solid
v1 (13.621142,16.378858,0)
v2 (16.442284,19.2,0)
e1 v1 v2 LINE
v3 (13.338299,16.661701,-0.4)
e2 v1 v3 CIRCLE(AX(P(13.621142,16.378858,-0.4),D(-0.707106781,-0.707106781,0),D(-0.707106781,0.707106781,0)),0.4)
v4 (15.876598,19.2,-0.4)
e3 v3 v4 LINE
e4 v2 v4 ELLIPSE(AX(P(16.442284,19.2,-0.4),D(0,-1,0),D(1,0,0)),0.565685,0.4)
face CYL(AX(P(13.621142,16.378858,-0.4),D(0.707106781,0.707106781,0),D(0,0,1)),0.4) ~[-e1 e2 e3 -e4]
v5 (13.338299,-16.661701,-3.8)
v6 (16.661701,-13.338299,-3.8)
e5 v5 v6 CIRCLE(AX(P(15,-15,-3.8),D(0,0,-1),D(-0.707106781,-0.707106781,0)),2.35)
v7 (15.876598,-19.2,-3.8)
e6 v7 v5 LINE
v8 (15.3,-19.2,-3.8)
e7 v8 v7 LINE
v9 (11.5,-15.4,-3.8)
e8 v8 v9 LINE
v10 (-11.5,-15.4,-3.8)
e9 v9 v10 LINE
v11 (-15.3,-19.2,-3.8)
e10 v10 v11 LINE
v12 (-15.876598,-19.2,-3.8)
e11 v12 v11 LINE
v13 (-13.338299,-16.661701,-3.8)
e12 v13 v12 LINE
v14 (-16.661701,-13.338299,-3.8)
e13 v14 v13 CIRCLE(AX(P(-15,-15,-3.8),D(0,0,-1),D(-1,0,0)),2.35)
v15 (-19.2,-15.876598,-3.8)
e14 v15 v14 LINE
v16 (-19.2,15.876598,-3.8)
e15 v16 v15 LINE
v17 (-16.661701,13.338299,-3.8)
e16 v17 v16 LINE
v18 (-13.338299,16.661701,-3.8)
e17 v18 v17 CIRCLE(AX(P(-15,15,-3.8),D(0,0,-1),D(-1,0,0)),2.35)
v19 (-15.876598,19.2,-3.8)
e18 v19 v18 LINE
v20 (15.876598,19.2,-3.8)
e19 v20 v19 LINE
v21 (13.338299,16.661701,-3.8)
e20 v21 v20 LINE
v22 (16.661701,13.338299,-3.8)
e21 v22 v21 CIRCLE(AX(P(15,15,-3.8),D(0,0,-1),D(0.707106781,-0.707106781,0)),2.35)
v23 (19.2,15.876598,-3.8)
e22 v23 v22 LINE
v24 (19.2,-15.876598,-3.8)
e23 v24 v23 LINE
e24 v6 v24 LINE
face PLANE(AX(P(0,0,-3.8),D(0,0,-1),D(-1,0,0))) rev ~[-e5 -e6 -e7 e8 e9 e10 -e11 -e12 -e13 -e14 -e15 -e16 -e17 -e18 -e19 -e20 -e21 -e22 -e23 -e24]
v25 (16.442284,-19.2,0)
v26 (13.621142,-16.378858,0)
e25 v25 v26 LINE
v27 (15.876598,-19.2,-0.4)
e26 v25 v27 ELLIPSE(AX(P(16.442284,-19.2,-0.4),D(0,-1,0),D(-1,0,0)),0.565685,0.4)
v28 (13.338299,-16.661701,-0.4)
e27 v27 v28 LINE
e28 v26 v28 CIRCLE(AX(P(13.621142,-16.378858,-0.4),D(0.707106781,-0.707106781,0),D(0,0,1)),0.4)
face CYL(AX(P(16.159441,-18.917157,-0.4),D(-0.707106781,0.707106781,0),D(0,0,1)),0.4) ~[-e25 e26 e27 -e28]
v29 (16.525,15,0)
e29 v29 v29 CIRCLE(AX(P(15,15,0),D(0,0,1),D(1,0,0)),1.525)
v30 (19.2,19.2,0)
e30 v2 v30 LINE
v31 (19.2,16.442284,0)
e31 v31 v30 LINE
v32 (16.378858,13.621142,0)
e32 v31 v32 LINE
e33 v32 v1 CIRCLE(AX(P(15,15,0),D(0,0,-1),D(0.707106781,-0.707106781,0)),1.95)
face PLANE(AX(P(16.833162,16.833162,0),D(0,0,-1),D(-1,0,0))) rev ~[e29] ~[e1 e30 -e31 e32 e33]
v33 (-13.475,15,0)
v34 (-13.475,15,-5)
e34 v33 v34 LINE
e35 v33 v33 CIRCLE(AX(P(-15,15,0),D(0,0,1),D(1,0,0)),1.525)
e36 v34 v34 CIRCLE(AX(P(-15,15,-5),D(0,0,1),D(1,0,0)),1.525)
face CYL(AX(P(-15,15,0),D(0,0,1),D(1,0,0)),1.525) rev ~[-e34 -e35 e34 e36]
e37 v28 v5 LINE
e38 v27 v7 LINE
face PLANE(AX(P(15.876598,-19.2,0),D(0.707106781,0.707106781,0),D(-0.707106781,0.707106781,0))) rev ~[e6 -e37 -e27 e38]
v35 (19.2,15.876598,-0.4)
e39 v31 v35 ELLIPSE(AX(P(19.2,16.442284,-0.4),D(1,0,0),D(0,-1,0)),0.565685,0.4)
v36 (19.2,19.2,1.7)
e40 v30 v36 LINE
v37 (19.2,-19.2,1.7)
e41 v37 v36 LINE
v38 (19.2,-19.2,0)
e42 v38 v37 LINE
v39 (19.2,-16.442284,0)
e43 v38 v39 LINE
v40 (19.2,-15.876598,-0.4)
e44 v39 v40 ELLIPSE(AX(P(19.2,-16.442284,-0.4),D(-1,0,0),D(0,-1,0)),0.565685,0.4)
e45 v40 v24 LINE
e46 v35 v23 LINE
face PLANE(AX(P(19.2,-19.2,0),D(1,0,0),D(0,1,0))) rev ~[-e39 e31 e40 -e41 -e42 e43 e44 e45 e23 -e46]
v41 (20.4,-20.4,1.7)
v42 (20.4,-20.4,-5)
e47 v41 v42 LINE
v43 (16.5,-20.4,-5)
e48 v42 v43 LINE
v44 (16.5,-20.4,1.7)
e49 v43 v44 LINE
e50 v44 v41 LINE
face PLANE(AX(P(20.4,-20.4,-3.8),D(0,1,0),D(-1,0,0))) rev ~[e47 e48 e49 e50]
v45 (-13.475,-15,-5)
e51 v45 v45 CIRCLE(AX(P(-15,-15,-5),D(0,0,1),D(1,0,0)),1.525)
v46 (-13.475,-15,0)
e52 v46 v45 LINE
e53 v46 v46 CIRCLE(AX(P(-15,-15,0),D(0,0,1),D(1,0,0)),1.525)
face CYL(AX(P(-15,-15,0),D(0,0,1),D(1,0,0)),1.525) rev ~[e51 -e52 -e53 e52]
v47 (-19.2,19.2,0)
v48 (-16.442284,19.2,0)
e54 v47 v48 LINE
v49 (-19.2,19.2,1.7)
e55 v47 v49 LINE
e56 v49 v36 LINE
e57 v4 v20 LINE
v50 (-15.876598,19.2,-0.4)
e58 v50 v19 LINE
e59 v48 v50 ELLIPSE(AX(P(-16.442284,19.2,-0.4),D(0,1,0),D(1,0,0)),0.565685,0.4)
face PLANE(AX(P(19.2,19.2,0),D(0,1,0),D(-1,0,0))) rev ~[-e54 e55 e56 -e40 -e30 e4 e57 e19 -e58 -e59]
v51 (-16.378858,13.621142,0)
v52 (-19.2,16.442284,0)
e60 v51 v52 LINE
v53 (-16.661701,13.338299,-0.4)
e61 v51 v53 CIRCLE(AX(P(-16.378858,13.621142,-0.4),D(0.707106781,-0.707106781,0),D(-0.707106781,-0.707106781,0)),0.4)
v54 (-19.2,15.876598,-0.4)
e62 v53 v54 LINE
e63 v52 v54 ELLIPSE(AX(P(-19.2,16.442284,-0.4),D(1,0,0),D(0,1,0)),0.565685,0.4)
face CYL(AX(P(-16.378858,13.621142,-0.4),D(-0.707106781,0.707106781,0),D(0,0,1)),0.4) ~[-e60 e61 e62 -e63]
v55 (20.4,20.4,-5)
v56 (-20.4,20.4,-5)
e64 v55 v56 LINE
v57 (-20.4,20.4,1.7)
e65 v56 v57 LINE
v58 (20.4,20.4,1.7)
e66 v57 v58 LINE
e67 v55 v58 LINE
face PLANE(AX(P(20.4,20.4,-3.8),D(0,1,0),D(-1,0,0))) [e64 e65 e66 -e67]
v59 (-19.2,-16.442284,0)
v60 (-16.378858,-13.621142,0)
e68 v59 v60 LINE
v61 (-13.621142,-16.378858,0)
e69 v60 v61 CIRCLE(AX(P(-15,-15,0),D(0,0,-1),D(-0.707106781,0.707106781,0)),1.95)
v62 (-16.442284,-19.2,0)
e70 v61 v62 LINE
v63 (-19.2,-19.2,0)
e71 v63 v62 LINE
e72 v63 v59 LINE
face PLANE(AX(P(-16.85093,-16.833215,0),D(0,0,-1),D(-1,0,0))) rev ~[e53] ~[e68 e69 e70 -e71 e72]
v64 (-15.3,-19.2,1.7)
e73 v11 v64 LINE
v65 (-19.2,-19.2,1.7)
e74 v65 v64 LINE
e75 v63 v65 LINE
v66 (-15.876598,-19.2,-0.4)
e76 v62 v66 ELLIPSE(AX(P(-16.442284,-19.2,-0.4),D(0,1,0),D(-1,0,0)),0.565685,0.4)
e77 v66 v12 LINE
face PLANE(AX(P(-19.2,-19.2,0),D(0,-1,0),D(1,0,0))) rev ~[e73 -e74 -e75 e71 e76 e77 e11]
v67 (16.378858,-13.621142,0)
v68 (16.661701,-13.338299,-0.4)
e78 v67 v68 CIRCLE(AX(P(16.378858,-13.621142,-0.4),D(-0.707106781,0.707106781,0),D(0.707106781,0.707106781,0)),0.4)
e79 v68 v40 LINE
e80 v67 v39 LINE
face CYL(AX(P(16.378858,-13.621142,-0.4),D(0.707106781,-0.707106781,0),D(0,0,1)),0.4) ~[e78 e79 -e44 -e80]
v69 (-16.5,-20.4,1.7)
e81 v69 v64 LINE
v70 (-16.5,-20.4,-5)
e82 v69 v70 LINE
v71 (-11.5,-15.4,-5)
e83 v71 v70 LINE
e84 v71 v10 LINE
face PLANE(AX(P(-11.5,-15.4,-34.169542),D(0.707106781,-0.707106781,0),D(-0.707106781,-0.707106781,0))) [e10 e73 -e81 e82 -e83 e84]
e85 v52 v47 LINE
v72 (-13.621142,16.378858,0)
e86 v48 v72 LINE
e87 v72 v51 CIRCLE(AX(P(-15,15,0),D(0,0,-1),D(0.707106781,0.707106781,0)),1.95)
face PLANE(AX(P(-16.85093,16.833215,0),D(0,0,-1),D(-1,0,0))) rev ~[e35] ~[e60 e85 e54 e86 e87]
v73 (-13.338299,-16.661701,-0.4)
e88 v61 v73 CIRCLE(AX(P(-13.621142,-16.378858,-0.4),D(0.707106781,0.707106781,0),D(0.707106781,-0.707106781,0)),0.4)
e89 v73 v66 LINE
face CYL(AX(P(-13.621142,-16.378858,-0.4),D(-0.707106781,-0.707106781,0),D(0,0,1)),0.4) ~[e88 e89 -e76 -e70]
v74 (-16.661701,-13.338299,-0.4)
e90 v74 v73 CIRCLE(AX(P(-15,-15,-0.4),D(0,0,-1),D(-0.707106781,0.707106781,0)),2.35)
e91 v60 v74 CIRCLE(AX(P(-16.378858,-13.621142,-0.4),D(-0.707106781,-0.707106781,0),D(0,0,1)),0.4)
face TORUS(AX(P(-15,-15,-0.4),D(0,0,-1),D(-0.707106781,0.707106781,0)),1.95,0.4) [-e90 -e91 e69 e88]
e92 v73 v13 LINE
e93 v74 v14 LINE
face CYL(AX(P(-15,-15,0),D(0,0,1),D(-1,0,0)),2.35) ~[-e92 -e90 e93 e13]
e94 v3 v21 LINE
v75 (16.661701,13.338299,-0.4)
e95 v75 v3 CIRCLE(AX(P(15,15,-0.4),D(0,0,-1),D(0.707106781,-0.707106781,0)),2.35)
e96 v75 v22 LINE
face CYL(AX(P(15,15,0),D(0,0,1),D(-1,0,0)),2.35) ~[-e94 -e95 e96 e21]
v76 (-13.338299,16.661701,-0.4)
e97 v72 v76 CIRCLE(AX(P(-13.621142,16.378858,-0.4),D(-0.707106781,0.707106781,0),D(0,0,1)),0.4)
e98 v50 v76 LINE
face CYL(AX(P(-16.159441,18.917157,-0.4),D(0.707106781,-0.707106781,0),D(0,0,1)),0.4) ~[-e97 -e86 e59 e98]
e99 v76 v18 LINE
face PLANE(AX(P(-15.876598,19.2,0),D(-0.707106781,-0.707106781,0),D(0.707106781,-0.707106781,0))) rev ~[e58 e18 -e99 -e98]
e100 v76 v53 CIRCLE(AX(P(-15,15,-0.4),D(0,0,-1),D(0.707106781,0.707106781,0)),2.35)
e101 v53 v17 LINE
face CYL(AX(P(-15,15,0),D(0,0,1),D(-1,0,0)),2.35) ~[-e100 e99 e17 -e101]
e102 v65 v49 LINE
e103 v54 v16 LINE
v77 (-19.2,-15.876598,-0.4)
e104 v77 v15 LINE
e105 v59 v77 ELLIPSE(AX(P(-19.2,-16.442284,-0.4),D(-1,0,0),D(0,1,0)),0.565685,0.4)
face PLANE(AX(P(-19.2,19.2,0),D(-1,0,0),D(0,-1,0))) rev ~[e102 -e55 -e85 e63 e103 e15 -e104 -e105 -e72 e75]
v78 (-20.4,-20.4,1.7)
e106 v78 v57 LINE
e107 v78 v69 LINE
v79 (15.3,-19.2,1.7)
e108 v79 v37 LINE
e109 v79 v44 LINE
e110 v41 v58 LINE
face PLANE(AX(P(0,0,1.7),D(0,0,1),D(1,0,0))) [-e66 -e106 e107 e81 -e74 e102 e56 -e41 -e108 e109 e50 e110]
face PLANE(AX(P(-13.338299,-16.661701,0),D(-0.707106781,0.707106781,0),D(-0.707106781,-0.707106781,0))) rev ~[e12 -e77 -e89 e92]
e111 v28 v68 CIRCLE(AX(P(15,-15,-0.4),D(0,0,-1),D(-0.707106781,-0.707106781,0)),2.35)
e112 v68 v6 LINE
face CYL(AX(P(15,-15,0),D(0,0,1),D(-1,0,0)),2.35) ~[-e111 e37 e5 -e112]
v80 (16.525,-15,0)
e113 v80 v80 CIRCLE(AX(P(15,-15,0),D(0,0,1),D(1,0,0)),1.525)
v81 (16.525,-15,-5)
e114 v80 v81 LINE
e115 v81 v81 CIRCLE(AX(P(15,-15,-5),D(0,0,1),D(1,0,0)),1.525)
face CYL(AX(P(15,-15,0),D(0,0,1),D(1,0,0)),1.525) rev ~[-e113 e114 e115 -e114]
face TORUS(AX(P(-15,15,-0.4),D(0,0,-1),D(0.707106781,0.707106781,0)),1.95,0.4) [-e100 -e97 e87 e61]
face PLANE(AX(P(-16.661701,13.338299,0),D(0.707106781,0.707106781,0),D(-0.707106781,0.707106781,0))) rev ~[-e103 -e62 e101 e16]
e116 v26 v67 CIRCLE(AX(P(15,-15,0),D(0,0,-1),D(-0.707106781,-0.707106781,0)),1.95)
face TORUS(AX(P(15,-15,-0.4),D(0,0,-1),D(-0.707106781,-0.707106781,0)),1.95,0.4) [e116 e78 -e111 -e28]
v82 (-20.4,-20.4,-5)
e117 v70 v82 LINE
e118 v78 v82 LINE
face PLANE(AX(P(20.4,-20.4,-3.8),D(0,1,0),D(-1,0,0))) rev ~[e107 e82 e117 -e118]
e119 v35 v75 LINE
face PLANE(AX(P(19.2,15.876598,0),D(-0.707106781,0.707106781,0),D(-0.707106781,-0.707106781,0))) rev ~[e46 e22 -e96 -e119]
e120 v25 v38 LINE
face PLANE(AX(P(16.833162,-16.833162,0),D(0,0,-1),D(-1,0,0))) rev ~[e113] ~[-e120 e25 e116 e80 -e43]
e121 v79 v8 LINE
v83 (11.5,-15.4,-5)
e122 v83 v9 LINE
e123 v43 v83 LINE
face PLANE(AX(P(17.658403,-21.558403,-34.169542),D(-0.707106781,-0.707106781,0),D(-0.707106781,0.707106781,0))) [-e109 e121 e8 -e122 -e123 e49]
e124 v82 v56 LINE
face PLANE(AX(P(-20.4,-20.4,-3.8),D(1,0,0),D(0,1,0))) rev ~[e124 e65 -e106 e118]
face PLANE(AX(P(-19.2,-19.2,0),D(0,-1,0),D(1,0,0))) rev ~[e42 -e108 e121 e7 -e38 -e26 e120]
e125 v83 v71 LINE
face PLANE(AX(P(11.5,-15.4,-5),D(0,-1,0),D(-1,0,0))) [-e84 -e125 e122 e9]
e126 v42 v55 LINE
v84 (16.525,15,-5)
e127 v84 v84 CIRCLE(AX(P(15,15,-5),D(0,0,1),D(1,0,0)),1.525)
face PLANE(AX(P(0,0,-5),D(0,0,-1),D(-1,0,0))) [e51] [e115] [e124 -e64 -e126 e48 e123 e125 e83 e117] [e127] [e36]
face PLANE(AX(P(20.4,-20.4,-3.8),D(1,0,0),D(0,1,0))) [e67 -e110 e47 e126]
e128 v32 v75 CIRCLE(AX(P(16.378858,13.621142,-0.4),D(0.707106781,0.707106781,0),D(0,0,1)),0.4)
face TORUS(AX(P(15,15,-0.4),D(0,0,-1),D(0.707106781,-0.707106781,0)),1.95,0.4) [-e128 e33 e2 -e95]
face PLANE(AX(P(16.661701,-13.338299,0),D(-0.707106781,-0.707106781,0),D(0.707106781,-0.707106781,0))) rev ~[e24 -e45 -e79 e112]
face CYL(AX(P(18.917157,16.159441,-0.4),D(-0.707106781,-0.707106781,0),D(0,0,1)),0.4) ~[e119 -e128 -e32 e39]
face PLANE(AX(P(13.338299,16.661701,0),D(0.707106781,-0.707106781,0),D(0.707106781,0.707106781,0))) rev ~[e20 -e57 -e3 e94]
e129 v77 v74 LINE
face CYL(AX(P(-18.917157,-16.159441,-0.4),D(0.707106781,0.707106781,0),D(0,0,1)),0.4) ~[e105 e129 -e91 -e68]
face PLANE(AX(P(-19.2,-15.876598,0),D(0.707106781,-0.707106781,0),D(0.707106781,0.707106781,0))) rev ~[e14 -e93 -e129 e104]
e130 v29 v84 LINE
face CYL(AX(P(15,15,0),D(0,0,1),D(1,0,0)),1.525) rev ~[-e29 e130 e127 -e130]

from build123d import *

# Parameters (mm, degrees)
SKETCH1_W               = 40.8
SKETCH1_H               = 40.8
SKETCH1_W_2             = 38.4
SKETCH1_H_2             = 38.4
BOSS_EXTRUDE1_DEPTH     = 1.7
SKETCH2_W               = 40.8
SKETCH2_H               = 40.8
SKETCH2_R               = 2.35
BOSS_EXTRUDE2_DEPTH     = 3.8
SKETCH3_W               = 40.8
SKETCH3_H               = 40.8
BOSS_EXTRUDE3_DEPTH     = 1.2
SKETCH4_W               = 23
SKETCH4_H               = 10
CUT_EXTRUDE1_DEPTH      = 30.617731176
CUT_EXTRUDE2_DEPTH      = 30.369542046
CUT_EXTRUDE2_DEPTH_BACK = 30.369542046
SKETCH6_R               = 1.525
CUT_EXTRUDE3_DEPTH      = 30.280027322
FILLET1_R               = 0.4


with BuildPart() as part:
    # Sketch1 → Boss-Extrude1 (new body)
    with BuildSketch(Plane.XY):
        Rectangle(SKETCH1_W, SKETCH1_H)
        Rectangle(SKETCH1_W_2, SKETCH1_H_2, mode=Mode.SUBTRACT)
    extrude(amount=BOSS_EXTRUDE1_DEPTH)

    # Sketch2 → Boss-Extrude2 (add)
    # profile 1 of 9: a face of its own
    with BuildSketch(Plane(origin=(0, 0, 0), x_dir=(-1, 0, 0), z_dir=(0, 0, -1))):
        Rectangle(SKETCH2_W, SKETCH2_H)
        Polygon((-19.2, -15.876598128), (-19.2, 15.876598128), (-19.2, 19.2), (-15.876598128, 19.2), (15.876598128, 19.2), (19.2, 19.2), (19.2, 15.876598128), (19.2, -15.876598128), (19.2, -19.2), (15.876598128, -19.2), (-15.876598128, -19.2), (-19.2, -19.2), align=None, mode=Mode.SUBTRACT)
    # profile 2 of 9: a face of its own
    with BuildSketch(Plane(origin=(0, 0, 0), x_dir=(-1, 0, 0), z_dir=(0, 0, -1))):
        with BuildLine():
            Line((-19.2, 15.876598128), (-16.661700936, 13.338299064))
            ThreePointArc((-16.661700936, 13.338299064), (-16.661700936, 16.661700936), (-13.338299064, 16.661700936))
            Line((-13.338299064, 16.661700936), (-15.876598128, 19.2))
            Line((-15.876598128, 19.2), (-19.2, 19.2))
            Line((-19.2, 19.2), (-19.2, 15.876598128))
        make_face()
    # profile 3 of 9: a face of its own
    with BuildSketch(Plane(origin=(0, 0, 0), x_dir=(-1, 0, 0), z_dir=(0, 0, -1))):
        with BuildLine():
            Line((19.2, 19.2), (15.876598128, 19.2))
            Line((15.876598128, 19.2), (13.338299064, 16.661700936))
            ThreePointArc((13.338299064, 16.661700936), (15.899306066, 17.171116901), (17.35, 15))
            ThreePointArc((17.35, 15), (17.171116901, 14.100693934), (16.661700936, 13.338299064))
            Line((16.661700936, 13.338299064), (19.2, 15.876598128))
            Line((19.2, 15.876598128), (19.2, 19.2))
        make_face()
    # profile 4 of 9: a face of its own
    with BuildSketch(Plane(origin=(0, 0, 0), x_dir=(-1, 0, 0), z_dir=(0, 0, -1))):
        with Locations((15, 15)):
            Circle(SKETCH2_R)
    # profile 5 of 9: a face of its own
    with BuildSketch(Plane(origin=(0, 0, 0), x_dir=(-1, 0, 0), z_dir=(0, 0, -1))):
        with Locations((-15, 15)):
            Circle(SKETCH2_R)
    # profile 6 of 9: a face of its own
    with BuildSketch(Plane(origin=(0, 0, 0), x_dir=(-1, 0, 0), z_dir=(0, 0, -1))):
        with Locations((15, -15)):
            Circle(SKETCH2_R)
    # profile 7 of 9: a face of its own
    with BuildSketch(Plane(origin=(0, 0, 0), x_dir=(-1, 0, 0), z_dir=(0, 0, -1))):
        with BuildLine():
            Line((13.338299064, -16.661700936), (15.876598128, -19.2))
            Line((15.876598128, -19.2), (19.2, -19.2))
            Line((19.2, -19.2), (19.2, -15.876598128))
            Line((19.2, -15.876598128), (16.661700936, -13.338299064))
            ThreePointArc((16.661700936, -13.338299064), (17.171116901, -14.100693934), (17.35, -15))
            ThreePointArc((17.35, -15), (15.899306066, -17.171116901), (13.338299064, -16.661700936))
        make_face()
    # profile 8 of 9: a face of its own
    with BuildSketch(Plane(origin=(0, 0, 0), x_dir=(-1, 0, 0), z_dir=(0, 0, -1))):
        with Locations((-15, -15)):
            Circle(SKETCH2_R)
    # profile 9 of 9: a face of its own
    with BuildSketch(Plane(origin=(0, 0, 0), x_dir=(-1, 0, 0), z_dir=(0, 0, -1))):
        with BuildLine():
            Line((-16.661700936, -13.338299064), (-19.2, -15.876598128))
            Line((-19.2, -15.876598128), (-19.2, -19.2))
            Line((-19.2, -19.2), (-15.876598128, -19.2))
            Line((-15.876598128, -19.2), (-13.338299064, -16.661700936))
            ThreePointArc((-13.338299064, -16.661700936), (-16.661700936, -16.661700936), (-16.661700936, -13.338299064))
        make_face()
    extrude(amount=BOSS_EXTRUDE2_DEPTH)

    # Sketch3 → Boss-Extrude3 (add)
    with BuildSketch(Plane(origin=(0, 0, -3.8), x_dir=(-1, 0, 0), z_dir=(0, 0, -1))):
        Rectangle(SKETCH3_W, SKETCH3_H)
    extrude(amount=BOSS_EXTRUDE3_DEPTH)

    # Sketch4 → Cut-Extrude1 (cut, through all)
    with BuildSketch(Plane(origin=(0, 0, -5), x_dir=(-1, 0, 0), z_dir=(0, 0, -1))):
        with Locations((0, -20.4)):
            Rectangle(SKETCH4_W, SKETCH4_H)
    extrude(amount=-CUT_EXTRUDE1_DEPTH, mode=Mode.SUBTRACT)

    # Sketch5 → Cut-Extrude2 (cut, two sides: drawn at the far end of the back side and taken through both)
    with BuildSketch(Plane.XY.offset(-3.8).offset(-CUT_EXTRUDE2_DEPTH_BACK)):
        Polygon((-11.5, -15.4), (-17.658402739, -21.558402739), (17.658402739, -21.558402739), (11.5, -15.4), align=None)
    extrude(amount=CUT_EXTRUDE2_DEPTH + CUT_EXTRUDE2_DEPTH_BACK, mode=Mode.SUBTRACT)

    # Sketch6 → Cut-Extrude3 (cut, through all)
    with BuildSketch(Plane.XY):
        with Locations((-15, -15)):
            Circle(SKETCH6_R)
        with Locations((-15, 15)):
            Circle(SKETCH6_R)
        with Locations((15, 15)):
            Circle(SKETCH6_R)
        with Locations((15, -15)):
            Circle(SKETCH6_R)
    extrude(amount=-CUT_EXTRUDE3_DEPTH, mode=Mode.SUBTRACT)

    # Fillet1
    fillet1_edges = [part.edges().sort_by_distance(p)[0] for p in [
        (-14.607448596, 17.930850468, 0),
        (-17.930850468, -14.607448596, 0),
        (14.607448596, -17.930850468, 0),
        (17.930850468, 14.607448596, 0),
        (17.930850468, -14.607448596, 0),
        (13.338299064, 13.338299064, 0),
        (14.607448596, 17.930850468, 0),
        (-13.338299064, 13.338299064, 0),
        (-17.930850468, 14.607448596, 0),
        (-13.338299064, -13.338299064, 0),
        (-14.607448596, -17.930850468, 0),
        (13.338299064, -13.338299064, 0),
    ]]
    fillet(fillet1_edges, radius=FILLET1_R)


solid = part.part
